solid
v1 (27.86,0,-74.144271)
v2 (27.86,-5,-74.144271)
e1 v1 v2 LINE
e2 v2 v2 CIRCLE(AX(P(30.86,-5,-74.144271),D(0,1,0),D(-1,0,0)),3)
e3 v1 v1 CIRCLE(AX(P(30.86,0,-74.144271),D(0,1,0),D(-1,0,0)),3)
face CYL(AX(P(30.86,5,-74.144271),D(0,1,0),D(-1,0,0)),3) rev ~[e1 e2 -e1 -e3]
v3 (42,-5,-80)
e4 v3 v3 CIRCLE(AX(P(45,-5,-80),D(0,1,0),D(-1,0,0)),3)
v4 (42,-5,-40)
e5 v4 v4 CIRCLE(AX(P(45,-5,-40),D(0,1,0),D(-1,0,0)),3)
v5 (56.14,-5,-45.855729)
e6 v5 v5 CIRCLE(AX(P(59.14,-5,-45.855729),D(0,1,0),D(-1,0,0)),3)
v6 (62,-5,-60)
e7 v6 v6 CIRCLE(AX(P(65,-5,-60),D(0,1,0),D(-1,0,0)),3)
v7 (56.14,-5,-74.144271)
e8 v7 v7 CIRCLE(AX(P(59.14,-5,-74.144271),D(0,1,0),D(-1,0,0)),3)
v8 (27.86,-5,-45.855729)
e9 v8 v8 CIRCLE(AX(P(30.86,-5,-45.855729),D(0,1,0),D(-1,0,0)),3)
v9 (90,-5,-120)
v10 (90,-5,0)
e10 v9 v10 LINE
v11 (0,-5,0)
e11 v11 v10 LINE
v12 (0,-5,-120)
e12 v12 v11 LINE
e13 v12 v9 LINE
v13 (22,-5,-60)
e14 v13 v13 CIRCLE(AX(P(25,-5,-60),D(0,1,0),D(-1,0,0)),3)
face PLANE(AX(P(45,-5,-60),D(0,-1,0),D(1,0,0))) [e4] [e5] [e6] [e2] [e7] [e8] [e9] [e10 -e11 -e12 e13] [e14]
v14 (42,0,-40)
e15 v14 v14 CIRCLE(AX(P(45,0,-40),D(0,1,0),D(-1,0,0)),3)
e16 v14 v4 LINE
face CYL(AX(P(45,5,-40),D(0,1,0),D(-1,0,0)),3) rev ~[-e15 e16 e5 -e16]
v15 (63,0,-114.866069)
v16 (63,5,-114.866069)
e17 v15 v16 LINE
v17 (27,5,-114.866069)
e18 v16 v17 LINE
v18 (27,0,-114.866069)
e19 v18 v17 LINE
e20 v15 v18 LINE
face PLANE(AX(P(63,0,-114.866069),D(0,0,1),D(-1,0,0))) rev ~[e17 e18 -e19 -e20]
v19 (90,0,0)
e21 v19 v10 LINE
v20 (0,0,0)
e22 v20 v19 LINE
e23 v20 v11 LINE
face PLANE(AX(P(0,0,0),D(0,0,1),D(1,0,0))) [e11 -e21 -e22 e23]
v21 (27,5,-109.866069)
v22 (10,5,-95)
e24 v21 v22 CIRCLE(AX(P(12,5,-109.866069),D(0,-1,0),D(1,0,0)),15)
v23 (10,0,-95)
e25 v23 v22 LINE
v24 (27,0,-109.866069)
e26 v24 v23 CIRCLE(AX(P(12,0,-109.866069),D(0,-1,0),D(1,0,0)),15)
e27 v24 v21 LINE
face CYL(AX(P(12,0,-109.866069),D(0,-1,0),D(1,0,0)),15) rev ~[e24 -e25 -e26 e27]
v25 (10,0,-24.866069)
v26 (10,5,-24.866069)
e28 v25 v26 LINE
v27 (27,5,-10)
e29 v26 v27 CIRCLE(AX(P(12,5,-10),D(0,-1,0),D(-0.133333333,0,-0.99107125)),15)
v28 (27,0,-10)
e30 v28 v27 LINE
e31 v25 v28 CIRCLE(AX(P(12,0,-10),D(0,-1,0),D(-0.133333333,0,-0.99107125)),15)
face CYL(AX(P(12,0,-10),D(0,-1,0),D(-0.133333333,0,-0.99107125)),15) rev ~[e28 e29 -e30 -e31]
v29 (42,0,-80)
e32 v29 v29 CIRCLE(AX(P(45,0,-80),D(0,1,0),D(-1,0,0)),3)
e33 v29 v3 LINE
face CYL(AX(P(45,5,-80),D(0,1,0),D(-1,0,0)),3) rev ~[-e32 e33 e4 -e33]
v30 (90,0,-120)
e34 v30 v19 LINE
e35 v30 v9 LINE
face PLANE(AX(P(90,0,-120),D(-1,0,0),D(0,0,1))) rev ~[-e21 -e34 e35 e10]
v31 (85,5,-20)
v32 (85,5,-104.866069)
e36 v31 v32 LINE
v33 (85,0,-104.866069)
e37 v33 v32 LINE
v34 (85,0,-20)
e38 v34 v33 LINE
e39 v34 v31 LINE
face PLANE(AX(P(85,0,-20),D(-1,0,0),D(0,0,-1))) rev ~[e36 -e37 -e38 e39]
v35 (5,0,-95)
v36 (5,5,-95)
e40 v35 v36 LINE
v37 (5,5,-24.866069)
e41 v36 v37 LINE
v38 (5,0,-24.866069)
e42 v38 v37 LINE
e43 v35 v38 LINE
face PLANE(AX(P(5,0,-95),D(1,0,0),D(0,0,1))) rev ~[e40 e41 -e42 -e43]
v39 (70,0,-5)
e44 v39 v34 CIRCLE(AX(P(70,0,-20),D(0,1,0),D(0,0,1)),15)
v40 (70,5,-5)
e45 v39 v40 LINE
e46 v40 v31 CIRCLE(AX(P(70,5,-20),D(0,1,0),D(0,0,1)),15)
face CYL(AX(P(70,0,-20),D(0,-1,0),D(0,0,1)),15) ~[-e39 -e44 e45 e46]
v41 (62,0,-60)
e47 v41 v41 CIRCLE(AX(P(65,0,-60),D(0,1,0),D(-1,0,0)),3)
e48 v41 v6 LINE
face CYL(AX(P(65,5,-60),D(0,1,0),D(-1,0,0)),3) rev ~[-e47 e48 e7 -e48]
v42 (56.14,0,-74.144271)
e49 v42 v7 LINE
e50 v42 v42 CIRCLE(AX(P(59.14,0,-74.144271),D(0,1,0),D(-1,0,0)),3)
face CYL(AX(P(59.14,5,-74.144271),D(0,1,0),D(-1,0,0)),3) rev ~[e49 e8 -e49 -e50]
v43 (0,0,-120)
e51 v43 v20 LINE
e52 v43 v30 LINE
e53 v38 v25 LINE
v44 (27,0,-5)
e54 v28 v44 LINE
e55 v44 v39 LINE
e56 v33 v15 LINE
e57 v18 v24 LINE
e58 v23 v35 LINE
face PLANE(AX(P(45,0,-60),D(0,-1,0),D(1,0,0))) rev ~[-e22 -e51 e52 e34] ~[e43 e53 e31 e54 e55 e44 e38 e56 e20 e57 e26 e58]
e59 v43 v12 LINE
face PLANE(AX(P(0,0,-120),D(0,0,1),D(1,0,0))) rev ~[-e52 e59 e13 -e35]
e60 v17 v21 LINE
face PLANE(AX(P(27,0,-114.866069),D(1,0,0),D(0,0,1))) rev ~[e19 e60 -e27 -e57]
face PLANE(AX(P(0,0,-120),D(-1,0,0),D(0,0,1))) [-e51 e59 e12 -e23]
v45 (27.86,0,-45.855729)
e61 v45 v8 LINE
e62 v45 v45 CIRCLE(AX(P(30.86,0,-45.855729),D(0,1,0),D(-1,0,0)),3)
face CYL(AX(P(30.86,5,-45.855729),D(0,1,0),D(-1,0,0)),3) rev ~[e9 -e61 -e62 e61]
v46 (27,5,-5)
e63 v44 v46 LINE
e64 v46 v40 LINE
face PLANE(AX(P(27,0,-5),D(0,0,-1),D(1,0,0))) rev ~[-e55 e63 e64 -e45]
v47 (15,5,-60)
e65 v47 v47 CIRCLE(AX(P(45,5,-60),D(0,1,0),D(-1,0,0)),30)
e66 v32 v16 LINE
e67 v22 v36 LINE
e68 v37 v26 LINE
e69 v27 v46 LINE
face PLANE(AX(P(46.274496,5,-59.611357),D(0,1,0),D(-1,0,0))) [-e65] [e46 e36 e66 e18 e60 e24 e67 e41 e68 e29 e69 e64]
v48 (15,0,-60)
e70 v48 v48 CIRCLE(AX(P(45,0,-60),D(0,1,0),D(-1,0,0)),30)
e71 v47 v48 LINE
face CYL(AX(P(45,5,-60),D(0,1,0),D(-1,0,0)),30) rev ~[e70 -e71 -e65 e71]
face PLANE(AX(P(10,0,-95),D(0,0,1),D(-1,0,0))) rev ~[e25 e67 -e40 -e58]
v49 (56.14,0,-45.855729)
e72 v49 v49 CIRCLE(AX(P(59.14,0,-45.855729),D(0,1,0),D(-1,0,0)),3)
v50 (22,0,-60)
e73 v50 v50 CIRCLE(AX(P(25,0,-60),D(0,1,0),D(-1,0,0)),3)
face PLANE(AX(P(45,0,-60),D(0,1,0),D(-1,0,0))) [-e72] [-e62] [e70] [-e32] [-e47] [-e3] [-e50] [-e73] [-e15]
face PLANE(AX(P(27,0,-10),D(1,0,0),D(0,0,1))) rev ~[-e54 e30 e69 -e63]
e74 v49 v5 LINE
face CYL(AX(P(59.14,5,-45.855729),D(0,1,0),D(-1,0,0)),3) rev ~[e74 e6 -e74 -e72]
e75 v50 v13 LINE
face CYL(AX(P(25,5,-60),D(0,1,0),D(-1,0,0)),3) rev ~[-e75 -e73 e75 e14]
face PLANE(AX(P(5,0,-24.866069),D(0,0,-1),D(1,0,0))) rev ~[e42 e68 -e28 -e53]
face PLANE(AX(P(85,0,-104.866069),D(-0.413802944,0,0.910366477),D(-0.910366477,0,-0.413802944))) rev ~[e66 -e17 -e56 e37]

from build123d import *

# Parameters (mm, degrees)
F0_W     = 90
F0_H     = 120
F1_DEPTH = 5
F3_DEPTH = 5
F4_R     = 30
F4_R_2   = 3
F5_DEPTH = 5
F6_DEPTH = 5
F7_DEPTH = 10


with BuildPart() as f1:
    # F0 (on Front) → F1 (new body)
    with BuildSketch(Plane.XZ):
        with Locations((45, -60)):
            Rectangle(F0_W, F0_H)
    extrude(amount=F1_DEPTH)

    # F2 (on face) → F3 (join)
    with BuildSketch(Plane(origin=(0, 0, 0), x_dir=(-1, 0, 0), z_dir=(0, 1, 0))):
        with BuildLine():
            Line((-85, -104.8660687473), (-63, -114.8660687473))
            Line((-63, -114.8660687473), (-27, -114.8660687473))
            Line((-27, -114.8660687473), (-27, -109.8660687473))
            ThreePointArc((-27, -109.8660687473), (-21.8742088291, -98.5744789567), (-10, -95))
            Line((-10, -95), (-5, -95))
            Line((-5, -95), (-5, -24.8660687473))
            Line((-5, -24.8660687473), (-10, -24.8660687473))
            ThreePointArc((-10, -24.8660687473), (-21.8742088291, -21.2915897906), (-27, -10))
            Line((-27, -10), (-27, -5))
            Line((-27, -5), (-70, -5))
            ThreePointArc((-70, -5), (-80.6066017178, -9.3933982822), (-85, -20))
            Line((-85, -20), (-85, -104.8660687473))
        make_face()
    extrude(amount=F3_DEPTH)

    # F4 (on face) → F5 (cut)
    with BuildSketch(Plane(origin=(0, 5, 0), x_dir=(-1, 0, 0), z_dir=(0, 1, 0))):
        with Locations((-45, -60)):
            Circle(F4_R)
        with Locations((-59.14, -74.144270925)):
            Circle(F4_R_2, mode=Mode.SUBTRACT)
        with Locations((-65, -60)):
            Circle(F4_R_2, mode=Mode.SUBTRACT)
        with Locations((-45, -80)):
            Circle(F4_R_2, mode=Mode.SUBTRACT)
        with Locations((-30.86, -74.144270925)):
            Circle(F4_R_2, mode=Mode.SUBTRACT)
        with Locations((-25, -60)):
            Circle(F4_R_2, mode=Mode.SUBTRACT)
        with Locations((-59.14, -45.855729075)):
            Circle(F4_R_2, mode=Mode.SUBTRACT)
        with Locations((-45, -40)):
            Circle(F4_R_2, mode=Mode.SUBTRACT)
        with Locations((-30.86, -45.855729075)):
            Circle(F4_R_2, mode=Mode.SUBTRACT)
    extrude(amount=-F5_DEPTH, mode=Mode.SUBTRACT)

    # F6 (cut): a face of the model
    f6_faces = [f1.faces().sort_by_distance(p)[0] for p in [
        (25, 5, -60),
    ]]
    extrude(f6_faces, amount=-F6_DEPTH, mode=Mode.SUBTRACT)

    # F4 (on face) → F7 (cut)
    with BuildSketch(Plane(origin=(0, 5, 0), x_dir=(-1, 0, 0), z_dir=(0, 1, 0))):
        with Locations((-45, -80)):
            Circle(F4_R_2)
        with Locations((-30.86, -74.144270925)):
            Circle(F4_R_2)
        with Locations((-59.14, -45.855729075)):
            Circle(F4_R_2)
        with Locations((-65, -60)):
            Circle(F4_R_2)
        with Locations((-59.14, -74.144270925)):
            Circle(F4_R_2)
        with Locations((-30.86, -45.855729075)):
            Circle(F4_R_2)
        with Locations((-45, -40)):
            Circle(F4_R_2)
        with Locations((-25, -60)):
            Circle(F4_R_2)
    extrude(amount=-F7_DEPTH, mode=Mode.SUBTRACT)


solid = f1.part
